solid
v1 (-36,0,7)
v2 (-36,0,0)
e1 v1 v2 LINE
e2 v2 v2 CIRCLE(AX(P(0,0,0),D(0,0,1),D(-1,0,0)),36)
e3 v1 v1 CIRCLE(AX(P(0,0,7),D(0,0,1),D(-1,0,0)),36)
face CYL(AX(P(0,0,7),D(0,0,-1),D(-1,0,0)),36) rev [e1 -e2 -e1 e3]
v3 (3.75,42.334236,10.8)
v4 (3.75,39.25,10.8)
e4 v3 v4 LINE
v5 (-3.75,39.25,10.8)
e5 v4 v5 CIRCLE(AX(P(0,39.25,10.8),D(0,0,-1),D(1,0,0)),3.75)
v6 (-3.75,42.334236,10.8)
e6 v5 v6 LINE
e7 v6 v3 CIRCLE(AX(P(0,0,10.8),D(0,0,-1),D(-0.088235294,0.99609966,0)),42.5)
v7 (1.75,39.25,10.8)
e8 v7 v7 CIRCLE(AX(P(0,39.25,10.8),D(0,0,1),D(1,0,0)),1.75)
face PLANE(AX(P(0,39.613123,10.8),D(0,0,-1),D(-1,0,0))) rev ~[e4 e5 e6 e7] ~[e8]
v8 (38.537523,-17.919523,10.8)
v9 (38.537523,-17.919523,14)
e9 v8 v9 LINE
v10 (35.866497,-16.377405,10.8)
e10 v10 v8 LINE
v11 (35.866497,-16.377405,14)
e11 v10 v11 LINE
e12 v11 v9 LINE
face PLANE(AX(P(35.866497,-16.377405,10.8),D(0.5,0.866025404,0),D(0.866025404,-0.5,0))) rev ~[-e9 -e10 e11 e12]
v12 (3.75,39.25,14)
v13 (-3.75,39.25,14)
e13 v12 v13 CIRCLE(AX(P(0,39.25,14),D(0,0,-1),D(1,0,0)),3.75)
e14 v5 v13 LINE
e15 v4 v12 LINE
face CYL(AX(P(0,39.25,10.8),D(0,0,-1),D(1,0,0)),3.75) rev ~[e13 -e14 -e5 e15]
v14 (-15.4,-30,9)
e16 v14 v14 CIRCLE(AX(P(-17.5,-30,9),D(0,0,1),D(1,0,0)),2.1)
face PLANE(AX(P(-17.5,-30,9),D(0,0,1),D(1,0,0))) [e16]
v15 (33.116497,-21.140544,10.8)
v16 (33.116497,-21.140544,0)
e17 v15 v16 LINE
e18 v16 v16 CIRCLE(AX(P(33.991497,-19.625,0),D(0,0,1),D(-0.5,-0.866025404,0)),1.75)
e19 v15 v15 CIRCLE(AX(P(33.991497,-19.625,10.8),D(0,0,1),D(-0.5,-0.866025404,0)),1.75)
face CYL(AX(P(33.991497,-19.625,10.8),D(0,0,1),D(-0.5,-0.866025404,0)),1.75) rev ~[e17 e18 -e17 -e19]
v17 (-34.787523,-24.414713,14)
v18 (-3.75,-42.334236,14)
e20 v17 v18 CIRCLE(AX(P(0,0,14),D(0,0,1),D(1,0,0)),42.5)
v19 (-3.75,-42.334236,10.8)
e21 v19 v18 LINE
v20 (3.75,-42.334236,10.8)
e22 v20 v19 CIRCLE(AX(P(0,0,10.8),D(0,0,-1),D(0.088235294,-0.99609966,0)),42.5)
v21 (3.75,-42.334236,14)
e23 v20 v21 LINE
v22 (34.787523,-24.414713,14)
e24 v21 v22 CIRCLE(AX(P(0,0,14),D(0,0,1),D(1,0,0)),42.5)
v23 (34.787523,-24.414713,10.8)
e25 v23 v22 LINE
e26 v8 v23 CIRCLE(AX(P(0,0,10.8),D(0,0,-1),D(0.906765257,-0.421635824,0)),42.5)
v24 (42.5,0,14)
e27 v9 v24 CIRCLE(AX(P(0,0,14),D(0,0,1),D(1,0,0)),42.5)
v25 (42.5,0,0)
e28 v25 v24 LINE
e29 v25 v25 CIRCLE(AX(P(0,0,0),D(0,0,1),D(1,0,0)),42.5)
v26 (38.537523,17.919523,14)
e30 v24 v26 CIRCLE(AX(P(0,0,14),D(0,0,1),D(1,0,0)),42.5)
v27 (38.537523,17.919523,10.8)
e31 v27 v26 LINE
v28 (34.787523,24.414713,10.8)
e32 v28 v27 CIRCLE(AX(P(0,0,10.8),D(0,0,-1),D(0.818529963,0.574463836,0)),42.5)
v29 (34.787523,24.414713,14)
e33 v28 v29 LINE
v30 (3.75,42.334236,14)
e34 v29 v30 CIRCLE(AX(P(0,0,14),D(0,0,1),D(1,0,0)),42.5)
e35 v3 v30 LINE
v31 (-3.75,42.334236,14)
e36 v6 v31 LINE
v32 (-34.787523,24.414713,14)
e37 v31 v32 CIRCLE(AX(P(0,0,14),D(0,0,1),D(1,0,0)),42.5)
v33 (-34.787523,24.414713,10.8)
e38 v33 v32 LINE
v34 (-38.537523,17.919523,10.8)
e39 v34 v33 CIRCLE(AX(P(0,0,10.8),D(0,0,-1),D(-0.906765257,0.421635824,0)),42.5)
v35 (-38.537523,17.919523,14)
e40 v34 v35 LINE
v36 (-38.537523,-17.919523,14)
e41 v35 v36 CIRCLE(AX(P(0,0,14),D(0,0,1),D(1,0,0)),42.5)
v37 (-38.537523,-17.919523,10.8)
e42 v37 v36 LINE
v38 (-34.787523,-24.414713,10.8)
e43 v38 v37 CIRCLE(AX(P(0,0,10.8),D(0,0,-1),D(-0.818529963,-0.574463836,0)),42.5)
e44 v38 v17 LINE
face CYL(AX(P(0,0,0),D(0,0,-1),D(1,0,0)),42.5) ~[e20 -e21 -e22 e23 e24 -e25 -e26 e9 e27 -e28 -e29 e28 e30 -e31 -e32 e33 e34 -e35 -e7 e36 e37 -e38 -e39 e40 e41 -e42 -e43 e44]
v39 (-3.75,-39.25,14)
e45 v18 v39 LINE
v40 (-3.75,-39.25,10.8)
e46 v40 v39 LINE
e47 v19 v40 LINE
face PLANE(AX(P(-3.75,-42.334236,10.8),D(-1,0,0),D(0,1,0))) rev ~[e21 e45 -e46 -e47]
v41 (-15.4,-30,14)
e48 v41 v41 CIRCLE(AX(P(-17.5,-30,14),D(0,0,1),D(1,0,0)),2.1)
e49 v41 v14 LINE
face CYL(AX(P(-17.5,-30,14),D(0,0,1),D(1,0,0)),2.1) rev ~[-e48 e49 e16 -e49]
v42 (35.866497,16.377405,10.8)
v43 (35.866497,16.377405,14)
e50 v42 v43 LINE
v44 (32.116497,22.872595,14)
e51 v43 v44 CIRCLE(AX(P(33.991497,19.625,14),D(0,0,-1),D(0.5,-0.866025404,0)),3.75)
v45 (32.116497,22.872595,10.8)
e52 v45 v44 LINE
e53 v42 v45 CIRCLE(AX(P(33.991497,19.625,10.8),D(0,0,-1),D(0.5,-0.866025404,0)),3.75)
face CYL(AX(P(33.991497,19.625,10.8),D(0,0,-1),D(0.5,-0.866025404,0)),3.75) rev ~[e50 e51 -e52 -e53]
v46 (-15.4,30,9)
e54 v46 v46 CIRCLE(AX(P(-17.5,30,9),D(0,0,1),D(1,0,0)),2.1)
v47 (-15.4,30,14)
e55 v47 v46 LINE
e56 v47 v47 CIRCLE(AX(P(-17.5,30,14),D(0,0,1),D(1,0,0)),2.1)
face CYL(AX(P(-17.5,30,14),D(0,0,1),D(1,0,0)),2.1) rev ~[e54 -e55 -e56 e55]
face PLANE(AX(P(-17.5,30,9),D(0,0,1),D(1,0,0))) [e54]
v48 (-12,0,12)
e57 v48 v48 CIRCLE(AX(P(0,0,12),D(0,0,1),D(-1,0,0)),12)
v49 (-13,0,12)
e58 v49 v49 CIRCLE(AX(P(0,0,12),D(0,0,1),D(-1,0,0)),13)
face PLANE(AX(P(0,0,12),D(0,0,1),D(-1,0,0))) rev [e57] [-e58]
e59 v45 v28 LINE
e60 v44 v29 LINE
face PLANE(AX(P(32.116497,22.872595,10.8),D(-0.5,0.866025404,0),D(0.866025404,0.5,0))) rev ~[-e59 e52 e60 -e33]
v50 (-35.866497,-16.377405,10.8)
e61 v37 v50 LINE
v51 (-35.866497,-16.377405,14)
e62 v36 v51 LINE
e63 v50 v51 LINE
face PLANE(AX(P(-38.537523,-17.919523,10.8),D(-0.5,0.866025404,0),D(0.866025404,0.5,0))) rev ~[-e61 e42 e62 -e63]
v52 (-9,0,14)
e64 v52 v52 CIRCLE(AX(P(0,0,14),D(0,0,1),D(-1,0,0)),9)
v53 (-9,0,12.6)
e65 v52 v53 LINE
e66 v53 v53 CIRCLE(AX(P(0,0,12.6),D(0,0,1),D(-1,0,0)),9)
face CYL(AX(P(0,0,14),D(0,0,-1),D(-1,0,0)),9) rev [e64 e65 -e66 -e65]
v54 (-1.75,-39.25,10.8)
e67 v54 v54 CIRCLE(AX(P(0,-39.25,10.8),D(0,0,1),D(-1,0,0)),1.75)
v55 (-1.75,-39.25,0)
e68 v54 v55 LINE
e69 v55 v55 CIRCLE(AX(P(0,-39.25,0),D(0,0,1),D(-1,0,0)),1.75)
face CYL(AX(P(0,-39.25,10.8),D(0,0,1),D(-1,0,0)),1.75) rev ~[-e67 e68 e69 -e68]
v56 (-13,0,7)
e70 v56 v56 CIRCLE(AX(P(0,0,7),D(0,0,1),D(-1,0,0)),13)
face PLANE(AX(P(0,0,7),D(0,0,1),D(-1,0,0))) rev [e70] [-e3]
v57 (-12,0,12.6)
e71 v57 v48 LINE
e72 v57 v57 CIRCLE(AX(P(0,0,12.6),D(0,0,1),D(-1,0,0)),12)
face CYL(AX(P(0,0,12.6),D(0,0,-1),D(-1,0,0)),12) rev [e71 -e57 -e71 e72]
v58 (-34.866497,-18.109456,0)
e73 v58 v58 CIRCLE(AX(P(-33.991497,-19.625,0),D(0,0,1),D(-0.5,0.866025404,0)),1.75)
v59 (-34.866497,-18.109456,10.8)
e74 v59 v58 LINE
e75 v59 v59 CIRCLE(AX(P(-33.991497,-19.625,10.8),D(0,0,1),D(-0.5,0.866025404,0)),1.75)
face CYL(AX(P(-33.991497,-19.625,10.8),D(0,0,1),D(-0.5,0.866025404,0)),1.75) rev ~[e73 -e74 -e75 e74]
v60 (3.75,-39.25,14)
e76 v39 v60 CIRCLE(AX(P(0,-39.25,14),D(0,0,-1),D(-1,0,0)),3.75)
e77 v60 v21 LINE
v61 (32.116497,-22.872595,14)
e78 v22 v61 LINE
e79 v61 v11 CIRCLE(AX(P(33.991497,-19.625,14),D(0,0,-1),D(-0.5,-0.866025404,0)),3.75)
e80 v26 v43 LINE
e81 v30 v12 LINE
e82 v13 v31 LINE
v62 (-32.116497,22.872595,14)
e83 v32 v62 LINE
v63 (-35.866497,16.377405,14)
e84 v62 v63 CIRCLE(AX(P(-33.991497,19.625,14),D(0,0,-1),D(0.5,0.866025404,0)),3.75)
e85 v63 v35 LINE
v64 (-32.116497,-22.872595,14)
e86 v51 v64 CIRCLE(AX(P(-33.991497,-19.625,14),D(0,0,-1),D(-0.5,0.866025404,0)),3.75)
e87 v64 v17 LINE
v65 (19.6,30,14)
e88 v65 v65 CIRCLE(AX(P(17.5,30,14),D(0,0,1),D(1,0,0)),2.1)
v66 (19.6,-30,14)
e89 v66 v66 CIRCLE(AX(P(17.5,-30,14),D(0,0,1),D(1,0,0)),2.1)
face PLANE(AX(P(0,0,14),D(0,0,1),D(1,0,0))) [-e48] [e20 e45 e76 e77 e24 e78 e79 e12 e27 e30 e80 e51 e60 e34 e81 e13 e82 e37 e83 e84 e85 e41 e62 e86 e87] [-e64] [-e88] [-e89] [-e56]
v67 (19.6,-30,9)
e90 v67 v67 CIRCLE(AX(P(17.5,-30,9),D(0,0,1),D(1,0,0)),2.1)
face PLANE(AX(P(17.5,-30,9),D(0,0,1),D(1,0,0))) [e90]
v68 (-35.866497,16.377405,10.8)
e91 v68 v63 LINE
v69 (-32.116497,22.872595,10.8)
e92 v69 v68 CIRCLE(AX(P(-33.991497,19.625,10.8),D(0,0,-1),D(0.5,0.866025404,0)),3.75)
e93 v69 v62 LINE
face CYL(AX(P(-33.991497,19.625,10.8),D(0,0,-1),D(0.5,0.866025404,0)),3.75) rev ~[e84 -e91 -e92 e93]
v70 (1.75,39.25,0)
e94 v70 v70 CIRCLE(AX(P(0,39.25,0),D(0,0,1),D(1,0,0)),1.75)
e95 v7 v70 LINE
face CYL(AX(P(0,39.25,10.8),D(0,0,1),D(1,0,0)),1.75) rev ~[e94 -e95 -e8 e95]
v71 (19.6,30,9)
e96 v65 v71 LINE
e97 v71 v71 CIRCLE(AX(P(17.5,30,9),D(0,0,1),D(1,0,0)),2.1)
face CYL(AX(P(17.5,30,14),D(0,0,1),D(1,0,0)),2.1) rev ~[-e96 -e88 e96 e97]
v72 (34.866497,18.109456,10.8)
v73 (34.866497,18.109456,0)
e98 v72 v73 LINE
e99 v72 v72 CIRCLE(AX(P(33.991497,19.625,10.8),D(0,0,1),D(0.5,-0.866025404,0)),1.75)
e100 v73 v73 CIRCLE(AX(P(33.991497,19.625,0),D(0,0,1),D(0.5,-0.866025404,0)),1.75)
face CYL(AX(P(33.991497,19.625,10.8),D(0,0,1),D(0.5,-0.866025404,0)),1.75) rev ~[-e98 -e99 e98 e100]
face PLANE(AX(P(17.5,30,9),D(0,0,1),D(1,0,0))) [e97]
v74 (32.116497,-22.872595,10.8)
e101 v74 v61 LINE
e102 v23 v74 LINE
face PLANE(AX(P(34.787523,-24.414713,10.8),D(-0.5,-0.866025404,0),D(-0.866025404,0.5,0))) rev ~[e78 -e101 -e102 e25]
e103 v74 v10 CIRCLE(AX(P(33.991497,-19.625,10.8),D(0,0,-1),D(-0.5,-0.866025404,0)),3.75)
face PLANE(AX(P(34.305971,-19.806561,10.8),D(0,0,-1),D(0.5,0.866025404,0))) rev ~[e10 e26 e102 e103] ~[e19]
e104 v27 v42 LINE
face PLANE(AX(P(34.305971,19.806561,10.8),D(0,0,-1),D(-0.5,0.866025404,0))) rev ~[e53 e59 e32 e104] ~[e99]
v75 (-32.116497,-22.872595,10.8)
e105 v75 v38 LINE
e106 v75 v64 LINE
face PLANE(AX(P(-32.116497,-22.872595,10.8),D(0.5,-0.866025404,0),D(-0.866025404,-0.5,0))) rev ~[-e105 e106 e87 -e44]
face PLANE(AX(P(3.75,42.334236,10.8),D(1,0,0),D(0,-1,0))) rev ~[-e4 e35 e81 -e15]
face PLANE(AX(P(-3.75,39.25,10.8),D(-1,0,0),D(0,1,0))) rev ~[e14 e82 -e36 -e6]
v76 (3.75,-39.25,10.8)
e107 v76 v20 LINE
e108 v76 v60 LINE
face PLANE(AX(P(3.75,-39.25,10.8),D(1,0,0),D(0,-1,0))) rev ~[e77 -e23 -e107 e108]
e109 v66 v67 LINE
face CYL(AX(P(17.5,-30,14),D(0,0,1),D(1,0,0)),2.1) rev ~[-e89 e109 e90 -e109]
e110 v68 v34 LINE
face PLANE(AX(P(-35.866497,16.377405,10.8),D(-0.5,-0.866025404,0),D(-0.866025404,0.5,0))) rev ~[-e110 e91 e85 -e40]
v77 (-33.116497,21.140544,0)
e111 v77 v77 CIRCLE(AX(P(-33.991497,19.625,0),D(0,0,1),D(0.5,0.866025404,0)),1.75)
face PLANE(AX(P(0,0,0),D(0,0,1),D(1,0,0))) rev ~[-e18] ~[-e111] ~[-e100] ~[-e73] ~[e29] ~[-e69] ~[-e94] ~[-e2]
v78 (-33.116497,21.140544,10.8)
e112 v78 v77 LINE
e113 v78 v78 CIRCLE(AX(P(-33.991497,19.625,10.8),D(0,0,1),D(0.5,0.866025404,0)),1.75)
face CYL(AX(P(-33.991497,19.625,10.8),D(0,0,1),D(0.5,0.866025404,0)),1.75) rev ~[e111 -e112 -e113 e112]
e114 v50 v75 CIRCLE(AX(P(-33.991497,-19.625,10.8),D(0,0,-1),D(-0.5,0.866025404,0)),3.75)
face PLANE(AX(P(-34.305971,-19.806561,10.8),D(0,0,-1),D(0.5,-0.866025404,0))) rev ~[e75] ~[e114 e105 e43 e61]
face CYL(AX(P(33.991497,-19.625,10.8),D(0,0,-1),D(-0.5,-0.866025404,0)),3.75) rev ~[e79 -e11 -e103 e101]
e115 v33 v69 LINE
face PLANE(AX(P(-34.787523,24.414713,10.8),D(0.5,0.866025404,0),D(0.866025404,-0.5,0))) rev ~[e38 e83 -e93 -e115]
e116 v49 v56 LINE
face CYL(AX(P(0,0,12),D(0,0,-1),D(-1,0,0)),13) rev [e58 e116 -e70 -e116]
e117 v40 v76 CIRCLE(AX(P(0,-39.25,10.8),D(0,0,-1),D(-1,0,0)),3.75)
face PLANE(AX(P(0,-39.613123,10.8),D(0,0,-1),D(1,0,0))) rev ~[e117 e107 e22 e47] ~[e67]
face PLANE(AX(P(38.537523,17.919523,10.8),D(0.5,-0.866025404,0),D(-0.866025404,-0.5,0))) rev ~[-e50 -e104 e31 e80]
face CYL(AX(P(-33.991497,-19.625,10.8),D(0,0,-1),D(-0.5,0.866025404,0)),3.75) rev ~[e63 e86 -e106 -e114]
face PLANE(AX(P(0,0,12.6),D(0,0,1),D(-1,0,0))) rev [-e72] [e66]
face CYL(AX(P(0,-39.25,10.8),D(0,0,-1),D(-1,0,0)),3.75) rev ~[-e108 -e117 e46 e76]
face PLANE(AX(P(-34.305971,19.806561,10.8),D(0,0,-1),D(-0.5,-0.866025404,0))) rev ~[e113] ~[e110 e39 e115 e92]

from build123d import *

# Parameters (mm, degrees)
ESBO_O1_R                = 42.5
RESSALTO_EXTRUS_O1_DEPTH = 14
CORTE_EXTRUS_O1_START    = -3.2
CORTE_EXTRUS_O1_DEPTH    = 3.2
ESBO_O5_R                = 1.75
CORTE_EXTRUS_O2_DEPTH    = 62.066684862
PADR_OCIRCULAR1_COUNT    = 6
ESBO_O6_R                = 2.1
CORTE_EXTRUS_O3_DEPTH    = 5


with BuildPart() as part:
    # Esboço1 → Ressalto-extrusão1 (new body)
    with BuildSketch(Plane.XY):
        Circle(ESBO_O1_R)
    extrude(amount=RESSALTO_EXTRUS_O1_DEPTH)

    # Esboço3 → Corte-Revolução1 (revolve, cut)
    with BuildSketch(Plane(origin=(0, 0, 0), x_dir=(1, 0, 0), z_dir=(0, 1, 0))):
        Polygon((0, 0), (0, -14), (-9, -14), (-9, -12.6), (-12, -12.6), (-12, -12), (-13, -12), (-13, -7), (-36, -7), (-36, 0), align=None)
    revolve(axis=Axis((0, 0, 0), (0, 0, 1)), mode=Mode.SUBTRACT)

    # Esboço4 → Corte-extrusão1 (cut)
    with BuildSketch(Plane.XY.offset(14).offset(CORTE_EXTRUS_O1_START)):
        with BuildLine():
            Line((-3.75, 39.25), (-3.75, 42.334235555))
            ThreePointArc((-3.75, 42.334235555), (0, 42.5), (3.75, 42.334235555))
            Line((3.75, 42.334235555), (3.75, 39.25))
            ThreePointArc((3.75, 39.25), (0, 35.5), (-3.75, 39.25))
        make_face()
    corte_extrus_o1 = extrude(amount=CORTE_EXTRUS_O1_DEPTH, mode=Mode.SUBTRACT)

    # Esboço5 → Corte-extrusão2 (cut, through all)
    with BuildSketch(Plane.XY.offset(10.8)):
        with Locations((0, 39.25)):
            Circle(ESBO_O5_R)
    corte_extrus_o2 = extrude(amount=-CORTE_EXTRUS_O2_DEPTH, mode=Mode.SUBTRACT)

    # PadrãoCircular1: Corte-extrusão1, Corte-extrusão2 ×6 about axis
    padr_ocircular1_axis = Axis((0, 0, 0), (0, 0, 1))
    add([corte_extrus_o1.rotate(padr_ocircular1_axis, i * 360 / PADR_OCIRCULAR1_COUNT) for i in range(1, PADR_OCIRCULAR1_COUNT)], mode=Mode.SUBTRACT)
    add([corte_extrus_o2.rotate(padr_ocircular1_axis, i * 360 / PADR_OCIRCULAR1_COUNT) for i in range(1, PADR_OCIRCULAR1_COUNT)], mode=Mode.SUBTRACT)

    # Esboço6 → Corte-extrusão3 (cut)
    with BuildSketch(Plane.XY.offset(14)):
        with Locations((-17.5, 30)):
            Circle(ESBO_O6_R)
        with Locations((17.5, 30)):
            Circle(ESBO_O6_R)
        with Locations((17.5, -30)):
            Circle(ESBO_O6_R)
        with Locations((-17.5, -30)):
            Circle(ESBO_O6_R)
    extrude(amount=-CORTE_EXTRUS_O3_DEPTH, mode=Mode.SUBTRACT)


solid = part.part
